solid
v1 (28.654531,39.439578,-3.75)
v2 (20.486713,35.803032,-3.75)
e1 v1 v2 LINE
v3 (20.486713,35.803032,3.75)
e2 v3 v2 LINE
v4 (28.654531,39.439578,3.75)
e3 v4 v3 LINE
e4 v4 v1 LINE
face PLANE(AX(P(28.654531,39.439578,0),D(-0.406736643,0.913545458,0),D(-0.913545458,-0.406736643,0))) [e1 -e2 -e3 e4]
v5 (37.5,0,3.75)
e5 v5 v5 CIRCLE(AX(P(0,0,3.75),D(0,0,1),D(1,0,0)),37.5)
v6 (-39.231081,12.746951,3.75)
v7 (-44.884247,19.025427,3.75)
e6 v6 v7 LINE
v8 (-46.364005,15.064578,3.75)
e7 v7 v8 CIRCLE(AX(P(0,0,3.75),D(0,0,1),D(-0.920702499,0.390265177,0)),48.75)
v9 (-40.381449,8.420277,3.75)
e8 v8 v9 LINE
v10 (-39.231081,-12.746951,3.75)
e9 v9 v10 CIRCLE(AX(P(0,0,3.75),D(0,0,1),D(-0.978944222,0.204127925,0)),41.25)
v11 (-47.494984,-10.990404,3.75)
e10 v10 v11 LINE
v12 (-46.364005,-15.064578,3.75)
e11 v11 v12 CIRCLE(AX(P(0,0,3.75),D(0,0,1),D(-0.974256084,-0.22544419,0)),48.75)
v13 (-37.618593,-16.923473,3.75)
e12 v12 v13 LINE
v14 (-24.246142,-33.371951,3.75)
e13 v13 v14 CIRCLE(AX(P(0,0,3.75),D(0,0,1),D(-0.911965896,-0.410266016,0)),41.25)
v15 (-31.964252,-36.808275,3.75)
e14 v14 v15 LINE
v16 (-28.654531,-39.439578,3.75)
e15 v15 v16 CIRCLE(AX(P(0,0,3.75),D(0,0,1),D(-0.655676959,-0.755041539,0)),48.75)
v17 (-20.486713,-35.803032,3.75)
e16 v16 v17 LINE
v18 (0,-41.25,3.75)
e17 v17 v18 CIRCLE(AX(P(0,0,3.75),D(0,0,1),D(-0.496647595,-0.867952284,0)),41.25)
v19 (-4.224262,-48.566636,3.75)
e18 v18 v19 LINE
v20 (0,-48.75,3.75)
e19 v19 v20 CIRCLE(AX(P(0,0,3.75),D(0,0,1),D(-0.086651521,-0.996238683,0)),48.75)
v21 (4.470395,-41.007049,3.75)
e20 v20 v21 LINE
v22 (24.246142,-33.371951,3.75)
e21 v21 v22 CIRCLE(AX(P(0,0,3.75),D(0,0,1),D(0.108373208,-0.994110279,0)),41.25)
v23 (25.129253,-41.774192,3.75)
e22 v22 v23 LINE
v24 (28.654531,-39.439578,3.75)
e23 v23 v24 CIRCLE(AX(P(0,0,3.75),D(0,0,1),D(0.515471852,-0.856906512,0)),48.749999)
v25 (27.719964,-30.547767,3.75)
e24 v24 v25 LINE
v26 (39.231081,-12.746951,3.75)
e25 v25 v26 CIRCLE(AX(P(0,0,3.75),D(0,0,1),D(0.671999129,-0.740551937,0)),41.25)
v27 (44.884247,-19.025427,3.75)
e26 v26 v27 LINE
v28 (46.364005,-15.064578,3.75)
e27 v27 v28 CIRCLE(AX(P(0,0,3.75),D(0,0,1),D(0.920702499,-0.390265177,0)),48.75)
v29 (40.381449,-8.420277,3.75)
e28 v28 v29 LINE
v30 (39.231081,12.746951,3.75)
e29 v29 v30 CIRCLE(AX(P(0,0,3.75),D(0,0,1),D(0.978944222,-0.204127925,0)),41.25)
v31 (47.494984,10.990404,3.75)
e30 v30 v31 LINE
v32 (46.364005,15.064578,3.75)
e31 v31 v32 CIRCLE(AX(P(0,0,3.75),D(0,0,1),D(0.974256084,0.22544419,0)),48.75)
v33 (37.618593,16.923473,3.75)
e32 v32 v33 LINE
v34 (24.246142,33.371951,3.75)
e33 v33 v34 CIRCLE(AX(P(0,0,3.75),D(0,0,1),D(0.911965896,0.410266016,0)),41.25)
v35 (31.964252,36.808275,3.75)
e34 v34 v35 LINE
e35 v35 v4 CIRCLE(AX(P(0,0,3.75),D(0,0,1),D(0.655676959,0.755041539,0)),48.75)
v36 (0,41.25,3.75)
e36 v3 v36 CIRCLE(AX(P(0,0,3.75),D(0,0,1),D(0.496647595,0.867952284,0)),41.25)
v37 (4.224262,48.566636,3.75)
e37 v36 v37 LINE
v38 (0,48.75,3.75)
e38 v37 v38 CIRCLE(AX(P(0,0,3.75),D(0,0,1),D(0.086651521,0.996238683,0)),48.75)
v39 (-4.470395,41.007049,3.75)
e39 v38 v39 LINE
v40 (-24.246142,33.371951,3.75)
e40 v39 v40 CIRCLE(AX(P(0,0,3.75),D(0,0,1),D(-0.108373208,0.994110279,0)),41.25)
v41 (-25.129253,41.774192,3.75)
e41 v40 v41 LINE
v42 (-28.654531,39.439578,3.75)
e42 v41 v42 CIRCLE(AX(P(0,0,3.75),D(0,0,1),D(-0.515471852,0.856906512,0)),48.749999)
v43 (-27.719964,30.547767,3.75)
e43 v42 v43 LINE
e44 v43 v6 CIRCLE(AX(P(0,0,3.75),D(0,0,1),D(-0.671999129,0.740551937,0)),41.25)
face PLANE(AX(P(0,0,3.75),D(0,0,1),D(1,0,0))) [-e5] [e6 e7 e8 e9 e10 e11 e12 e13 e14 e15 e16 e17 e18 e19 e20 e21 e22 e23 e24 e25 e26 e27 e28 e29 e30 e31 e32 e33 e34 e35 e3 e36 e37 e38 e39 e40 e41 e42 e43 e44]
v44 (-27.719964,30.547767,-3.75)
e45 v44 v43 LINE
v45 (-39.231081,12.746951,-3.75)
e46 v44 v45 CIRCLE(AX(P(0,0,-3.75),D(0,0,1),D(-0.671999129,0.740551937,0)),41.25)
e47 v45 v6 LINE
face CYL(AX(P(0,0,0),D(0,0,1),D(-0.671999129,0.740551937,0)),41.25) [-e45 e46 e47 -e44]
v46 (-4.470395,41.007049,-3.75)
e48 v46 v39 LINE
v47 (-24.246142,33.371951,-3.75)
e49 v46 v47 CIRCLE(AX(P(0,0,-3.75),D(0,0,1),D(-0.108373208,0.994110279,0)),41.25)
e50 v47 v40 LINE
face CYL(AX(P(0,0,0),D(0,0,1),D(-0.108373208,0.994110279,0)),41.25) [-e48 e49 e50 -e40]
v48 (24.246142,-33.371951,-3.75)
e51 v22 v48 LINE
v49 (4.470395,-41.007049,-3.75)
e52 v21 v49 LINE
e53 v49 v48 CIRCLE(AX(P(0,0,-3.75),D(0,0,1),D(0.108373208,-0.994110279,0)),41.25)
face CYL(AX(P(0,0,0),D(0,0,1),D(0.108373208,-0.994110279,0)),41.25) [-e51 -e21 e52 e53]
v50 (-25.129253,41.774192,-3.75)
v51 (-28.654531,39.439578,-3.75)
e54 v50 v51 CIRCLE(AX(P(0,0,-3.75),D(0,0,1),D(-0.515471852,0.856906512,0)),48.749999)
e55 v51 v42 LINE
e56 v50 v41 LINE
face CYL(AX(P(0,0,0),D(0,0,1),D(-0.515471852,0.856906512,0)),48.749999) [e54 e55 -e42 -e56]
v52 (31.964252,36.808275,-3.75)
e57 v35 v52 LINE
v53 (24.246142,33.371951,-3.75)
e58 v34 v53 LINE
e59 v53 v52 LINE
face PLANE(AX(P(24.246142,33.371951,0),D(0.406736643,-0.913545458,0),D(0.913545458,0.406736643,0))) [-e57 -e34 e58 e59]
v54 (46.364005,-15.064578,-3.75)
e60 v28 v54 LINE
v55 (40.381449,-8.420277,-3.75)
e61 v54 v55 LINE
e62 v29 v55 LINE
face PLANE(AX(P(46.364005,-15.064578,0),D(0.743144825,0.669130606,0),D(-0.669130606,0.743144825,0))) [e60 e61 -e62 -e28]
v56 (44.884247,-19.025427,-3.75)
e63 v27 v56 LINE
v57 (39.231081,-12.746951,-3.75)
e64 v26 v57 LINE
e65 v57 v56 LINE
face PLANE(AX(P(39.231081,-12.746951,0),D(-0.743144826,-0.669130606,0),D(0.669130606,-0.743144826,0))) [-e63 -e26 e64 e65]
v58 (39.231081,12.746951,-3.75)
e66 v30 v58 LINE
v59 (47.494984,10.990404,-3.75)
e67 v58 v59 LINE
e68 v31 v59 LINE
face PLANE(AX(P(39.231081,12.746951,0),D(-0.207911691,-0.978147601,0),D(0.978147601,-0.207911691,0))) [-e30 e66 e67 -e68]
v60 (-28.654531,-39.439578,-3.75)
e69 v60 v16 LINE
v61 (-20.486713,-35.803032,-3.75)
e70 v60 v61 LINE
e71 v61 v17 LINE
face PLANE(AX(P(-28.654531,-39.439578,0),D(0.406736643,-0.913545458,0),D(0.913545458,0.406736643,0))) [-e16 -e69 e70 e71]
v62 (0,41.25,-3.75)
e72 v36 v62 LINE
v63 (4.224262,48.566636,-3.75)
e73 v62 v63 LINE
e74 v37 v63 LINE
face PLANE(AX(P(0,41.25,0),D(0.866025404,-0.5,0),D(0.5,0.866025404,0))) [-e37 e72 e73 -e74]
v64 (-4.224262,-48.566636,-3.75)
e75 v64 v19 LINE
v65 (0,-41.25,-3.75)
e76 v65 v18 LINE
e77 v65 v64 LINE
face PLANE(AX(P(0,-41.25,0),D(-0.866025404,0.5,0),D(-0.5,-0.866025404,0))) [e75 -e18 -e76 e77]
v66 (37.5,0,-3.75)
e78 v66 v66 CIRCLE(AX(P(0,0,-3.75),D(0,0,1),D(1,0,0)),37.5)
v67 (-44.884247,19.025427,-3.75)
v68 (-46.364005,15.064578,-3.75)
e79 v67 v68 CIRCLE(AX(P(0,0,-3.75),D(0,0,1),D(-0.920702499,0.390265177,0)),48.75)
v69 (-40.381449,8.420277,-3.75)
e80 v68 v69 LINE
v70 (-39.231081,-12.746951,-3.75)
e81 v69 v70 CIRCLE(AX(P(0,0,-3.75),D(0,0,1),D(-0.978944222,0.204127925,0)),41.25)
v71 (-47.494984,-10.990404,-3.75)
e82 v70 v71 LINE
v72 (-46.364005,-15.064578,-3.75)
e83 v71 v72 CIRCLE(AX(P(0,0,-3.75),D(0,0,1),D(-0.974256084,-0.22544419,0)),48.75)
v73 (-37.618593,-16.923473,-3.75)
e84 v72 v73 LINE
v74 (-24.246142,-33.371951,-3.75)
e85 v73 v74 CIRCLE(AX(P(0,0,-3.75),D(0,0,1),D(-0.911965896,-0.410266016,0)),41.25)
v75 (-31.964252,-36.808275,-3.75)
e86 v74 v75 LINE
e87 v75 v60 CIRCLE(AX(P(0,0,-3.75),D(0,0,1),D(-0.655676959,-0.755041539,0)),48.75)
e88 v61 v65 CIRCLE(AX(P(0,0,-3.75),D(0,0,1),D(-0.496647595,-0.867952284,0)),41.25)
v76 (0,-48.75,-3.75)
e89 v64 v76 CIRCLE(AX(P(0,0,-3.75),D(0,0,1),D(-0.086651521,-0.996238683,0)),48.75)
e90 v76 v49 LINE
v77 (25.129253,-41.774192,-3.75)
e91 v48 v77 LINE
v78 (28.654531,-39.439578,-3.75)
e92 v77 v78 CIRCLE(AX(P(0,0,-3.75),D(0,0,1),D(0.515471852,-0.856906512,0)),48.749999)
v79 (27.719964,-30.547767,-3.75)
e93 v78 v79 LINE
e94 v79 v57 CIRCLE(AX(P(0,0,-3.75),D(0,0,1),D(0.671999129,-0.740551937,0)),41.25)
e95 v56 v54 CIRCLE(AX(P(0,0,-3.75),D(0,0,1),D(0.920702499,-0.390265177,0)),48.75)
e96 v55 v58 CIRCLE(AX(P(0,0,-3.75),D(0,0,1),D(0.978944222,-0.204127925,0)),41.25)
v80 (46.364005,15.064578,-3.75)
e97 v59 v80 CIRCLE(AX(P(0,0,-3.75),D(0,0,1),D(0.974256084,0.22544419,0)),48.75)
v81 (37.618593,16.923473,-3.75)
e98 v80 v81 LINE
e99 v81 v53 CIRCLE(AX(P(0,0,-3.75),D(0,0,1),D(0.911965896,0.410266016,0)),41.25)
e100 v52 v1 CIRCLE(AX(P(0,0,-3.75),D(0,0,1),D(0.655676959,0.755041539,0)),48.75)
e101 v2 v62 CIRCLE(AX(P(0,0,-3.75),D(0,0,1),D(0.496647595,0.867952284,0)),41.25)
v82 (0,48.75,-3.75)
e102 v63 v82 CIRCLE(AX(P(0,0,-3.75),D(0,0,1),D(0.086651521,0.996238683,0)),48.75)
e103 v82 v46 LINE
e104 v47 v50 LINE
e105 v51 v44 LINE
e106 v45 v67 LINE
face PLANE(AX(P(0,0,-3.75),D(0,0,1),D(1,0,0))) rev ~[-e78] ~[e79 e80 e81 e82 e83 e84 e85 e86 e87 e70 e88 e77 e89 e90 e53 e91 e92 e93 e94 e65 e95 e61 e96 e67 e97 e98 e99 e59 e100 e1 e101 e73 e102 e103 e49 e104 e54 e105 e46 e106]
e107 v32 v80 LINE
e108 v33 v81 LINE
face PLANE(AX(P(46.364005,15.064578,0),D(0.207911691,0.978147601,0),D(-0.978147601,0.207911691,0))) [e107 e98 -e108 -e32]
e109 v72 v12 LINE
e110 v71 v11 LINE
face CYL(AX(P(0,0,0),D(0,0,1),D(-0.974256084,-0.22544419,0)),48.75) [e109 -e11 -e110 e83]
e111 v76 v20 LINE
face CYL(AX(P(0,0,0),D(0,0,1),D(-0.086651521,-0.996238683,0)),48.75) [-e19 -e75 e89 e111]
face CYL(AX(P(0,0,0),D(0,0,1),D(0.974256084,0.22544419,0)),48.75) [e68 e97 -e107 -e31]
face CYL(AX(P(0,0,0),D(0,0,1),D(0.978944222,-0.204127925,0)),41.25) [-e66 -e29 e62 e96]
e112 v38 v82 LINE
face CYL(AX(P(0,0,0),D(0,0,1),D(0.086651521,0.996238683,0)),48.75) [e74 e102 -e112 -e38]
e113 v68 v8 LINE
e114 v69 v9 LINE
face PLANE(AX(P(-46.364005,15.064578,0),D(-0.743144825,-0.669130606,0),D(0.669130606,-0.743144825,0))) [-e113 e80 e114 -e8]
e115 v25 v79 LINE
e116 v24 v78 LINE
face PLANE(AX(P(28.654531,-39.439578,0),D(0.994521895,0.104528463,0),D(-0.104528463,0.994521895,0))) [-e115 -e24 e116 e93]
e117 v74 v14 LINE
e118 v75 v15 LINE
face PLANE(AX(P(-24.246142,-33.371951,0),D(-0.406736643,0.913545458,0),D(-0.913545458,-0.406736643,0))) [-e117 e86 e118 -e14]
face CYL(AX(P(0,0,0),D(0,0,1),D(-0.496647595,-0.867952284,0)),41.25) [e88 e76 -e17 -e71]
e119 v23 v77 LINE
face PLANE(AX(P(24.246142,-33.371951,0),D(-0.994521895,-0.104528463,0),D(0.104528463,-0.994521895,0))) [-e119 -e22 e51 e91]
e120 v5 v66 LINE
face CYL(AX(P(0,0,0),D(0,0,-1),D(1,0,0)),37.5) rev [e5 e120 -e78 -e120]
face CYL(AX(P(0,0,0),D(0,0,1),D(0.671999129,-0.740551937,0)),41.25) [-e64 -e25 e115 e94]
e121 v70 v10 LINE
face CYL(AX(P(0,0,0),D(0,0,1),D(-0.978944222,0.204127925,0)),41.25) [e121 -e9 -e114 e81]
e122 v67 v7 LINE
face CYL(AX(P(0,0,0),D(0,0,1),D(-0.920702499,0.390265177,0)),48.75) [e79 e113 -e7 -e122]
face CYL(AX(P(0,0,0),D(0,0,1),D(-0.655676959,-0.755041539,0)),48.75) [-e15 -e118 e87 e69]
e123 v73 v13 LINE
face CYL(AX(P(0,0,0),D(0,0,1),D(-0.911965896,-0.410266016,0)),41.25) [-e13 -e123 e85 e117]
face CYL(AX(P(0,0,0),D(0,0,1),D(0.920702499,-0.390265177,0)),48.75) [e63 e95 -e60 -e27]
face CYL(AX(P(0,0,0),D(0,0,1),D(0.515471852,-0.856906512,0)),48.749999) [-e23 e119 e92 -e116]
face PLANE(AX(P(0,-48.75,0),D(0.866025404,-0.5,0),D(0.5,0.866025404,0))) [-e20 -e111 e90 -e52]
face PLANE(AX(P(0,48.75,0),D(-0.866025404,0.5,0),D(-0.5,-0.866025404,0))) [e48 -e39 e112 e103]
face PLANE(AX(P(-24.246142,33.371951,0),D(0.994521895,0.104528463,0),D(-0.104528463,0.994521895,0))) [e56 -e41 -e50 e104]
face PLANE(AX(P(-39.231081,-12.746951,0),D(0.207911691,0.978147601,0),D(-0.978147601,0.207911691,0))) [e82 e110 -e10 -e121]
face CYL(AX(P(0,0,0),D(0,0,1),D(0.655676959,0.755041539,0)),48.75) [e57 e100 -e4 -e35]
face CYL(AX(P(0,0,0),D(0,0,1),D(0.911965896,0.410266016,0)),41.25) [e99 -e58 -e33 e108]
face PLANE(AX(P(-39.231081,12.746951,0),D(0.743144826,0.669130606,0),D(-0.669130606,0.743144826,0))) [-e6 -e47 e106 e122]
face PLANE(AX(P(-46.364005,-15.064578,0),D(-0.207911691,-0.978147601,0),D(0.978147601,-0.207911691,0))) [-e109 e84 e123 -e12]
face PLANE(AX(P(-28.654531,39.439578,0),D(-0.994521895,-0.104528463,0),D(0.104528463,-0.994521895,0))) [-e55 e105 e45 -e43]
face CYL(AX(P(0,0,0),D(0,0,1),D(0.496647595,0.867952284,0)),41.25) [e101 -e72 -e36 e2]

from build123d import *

# Parameters (mm, degrees)
SKETCH1_R           = 25
BOSS_EXTRUDE1_DEPTH = 2.5
SCALE1_SCALE        = 1.5


with BuildPart() as part:
    # Sketch1 → Boss-Extrude1 (new, symmetric)
    with BuildSketch(Plane.XY):
        with BuildLine():
            Line((0, 32.5), (-2.980263218, 27.338032686))
            ThreePointArc((-2.980263218, 27.338032686), (-9.904736181, 25.654360276), (-16.164094438, 22.247967345))
            Line((-16.164094438, 22.247967345), (-16.75283521, 27.849461618))
            ThreePointArc((-16.75283521, 27.849461618), (-17.944809925, 27.096748823), (-19.1030207, 26.293052317))
            Line((-19.1030207, 26.293052317), (-18.479976031, 20.365178268))
            ThreePointArc((-18.479976031, 20.365178268), (-23.092354522, 14.932955588), (-26.154054198, 8.497967345))
            Line((-26.154054198, 8.497967345), (-29.922831212, 12.683618263))
            ThreePointArc((-29.922831212, 12.683618263), (-30.444725533, 11.374035661), (-30.90933678, 10.043052317))
            Line((-30.90933678, 10.043052317), (-26.920966111, 5.613517939))
            ThreePointArc((-26.920966111, 5.613517939), (-27.459478317, -1.492330582), (-26.154054198, -8.497967345))
            Line((-26.154054198, -8.497967345), (-31.663322731, -7.326936169))
            ThreePointArc((-31.663322731, -7.326936169), (-31.315790766, -8.693172534), (-30.90933678, -10.043052317))
            Line((-30.90933678, -10.043052317), (-25.079062147, -11.282315447))
            ThreePointArc((-25.079062147, -11.282315447), (-21.338014708, -17.347597192), (-16.164094438, -22.247967345))
            Line((-16.164094438, -22.247967345), (-21.309501164, -24.538850017))
            ThreePointArc((-21.309501164, -24.538850017), (-20.225288311, -25.439884291), (-19.1030207, -26.293052317))
            Line((-19.1030207, -26.293052317), (-13.657808848, -23.868687803))
            ThreePointArc((-13.657808848, -23.868687803), (-7.066154732, -26.576671298), (0, -27.5))
            Line((0, -27.5), (-2.816174435, -32.377757204))
            ThreePointArc((-2.816174435, -32.377757204), (-1.409413153, -32.469424919), (0, -32.5))
            Line((0, -32.5), (2.980263218, -27.338032686))
            ThreePointArc((2.980263218, -27.338032686), (9.904736181, -25.654360276), (16.164094438, -22.247967345))
            Line((16.164094438, -22.247967345), (16.75283521, -27.849461618))
            ThreePointArc((16.75283521, -27.849461618), (17.944809925, -27.096748823), (19.1030207, -26.293052317))
            Line((19.1030207, -26.293052317), (18.479976031, -20.365178268))
            ThreePointArc((18.479976031, -20.365178268), (23.092354522, -14.932955588), (26.154054198, -8.497967345))
            Line((26.154054198, -8.497967345), (29.922831212, -12.683618263))
            ThreePointArc((29.922831212, -12.683618263), (30.444725533, -11.374035661), (30.90933678, -10.043052317))
            Line((30.90933678, -10.043052317), (26.920966111, -5.613517939))
            ThreePointArc((26.920966111, -5.613517939), (27.459478317, 1.492330582), (26.154054198, 8.497967345))
            Line((26.154054198, 8.497967345), (31.663322731, 7.326936169))
            ThreePointArc((31.663322731, 7.326936169), (31.315790766, 8.693172534), (30.90933678, 10.043052317))
            Line((30.90933678, 10.043052317), (25.079062147, 11.282315447))
            ThreePointArc((25.079062147, 11.282315447), (21.338014708, 17.347597192), (16.164094438, 22.247967345))
            Line((16.164094438, 22.247967345), (21.309501164, 24.538850017))
            ThreePointArc((21.309501164, 24.538850017), (20.225288311, 25.439884291), (19.1030207, 26.293052317))
            Line((19.1030207, 26.293052317), (13.657808848, 23.868687803))
            ThreePointArc((13.657808848, 23.868687803), (7.066154732, 26.576671298), (0, 27.5))
            Line((0, 27.5), (2.816174435, 32.377757204))
            ThreePointArc((2.816174435, 32.377757204), (1.409413153, 32.469424919), (0, 32.5))
        make_face()
        Circle(SKETCH1_R, mode=Mode.SUBTRACT)
    extrude(amount=BOSS_EXTRUDE1_DEPTH, both=True)


with BuildPart() as part_1:
    # Scale1: scaled about (0, 0, 0)
    add(part.part.scale(SCALE1_SCALE))


solid = part_1.part
